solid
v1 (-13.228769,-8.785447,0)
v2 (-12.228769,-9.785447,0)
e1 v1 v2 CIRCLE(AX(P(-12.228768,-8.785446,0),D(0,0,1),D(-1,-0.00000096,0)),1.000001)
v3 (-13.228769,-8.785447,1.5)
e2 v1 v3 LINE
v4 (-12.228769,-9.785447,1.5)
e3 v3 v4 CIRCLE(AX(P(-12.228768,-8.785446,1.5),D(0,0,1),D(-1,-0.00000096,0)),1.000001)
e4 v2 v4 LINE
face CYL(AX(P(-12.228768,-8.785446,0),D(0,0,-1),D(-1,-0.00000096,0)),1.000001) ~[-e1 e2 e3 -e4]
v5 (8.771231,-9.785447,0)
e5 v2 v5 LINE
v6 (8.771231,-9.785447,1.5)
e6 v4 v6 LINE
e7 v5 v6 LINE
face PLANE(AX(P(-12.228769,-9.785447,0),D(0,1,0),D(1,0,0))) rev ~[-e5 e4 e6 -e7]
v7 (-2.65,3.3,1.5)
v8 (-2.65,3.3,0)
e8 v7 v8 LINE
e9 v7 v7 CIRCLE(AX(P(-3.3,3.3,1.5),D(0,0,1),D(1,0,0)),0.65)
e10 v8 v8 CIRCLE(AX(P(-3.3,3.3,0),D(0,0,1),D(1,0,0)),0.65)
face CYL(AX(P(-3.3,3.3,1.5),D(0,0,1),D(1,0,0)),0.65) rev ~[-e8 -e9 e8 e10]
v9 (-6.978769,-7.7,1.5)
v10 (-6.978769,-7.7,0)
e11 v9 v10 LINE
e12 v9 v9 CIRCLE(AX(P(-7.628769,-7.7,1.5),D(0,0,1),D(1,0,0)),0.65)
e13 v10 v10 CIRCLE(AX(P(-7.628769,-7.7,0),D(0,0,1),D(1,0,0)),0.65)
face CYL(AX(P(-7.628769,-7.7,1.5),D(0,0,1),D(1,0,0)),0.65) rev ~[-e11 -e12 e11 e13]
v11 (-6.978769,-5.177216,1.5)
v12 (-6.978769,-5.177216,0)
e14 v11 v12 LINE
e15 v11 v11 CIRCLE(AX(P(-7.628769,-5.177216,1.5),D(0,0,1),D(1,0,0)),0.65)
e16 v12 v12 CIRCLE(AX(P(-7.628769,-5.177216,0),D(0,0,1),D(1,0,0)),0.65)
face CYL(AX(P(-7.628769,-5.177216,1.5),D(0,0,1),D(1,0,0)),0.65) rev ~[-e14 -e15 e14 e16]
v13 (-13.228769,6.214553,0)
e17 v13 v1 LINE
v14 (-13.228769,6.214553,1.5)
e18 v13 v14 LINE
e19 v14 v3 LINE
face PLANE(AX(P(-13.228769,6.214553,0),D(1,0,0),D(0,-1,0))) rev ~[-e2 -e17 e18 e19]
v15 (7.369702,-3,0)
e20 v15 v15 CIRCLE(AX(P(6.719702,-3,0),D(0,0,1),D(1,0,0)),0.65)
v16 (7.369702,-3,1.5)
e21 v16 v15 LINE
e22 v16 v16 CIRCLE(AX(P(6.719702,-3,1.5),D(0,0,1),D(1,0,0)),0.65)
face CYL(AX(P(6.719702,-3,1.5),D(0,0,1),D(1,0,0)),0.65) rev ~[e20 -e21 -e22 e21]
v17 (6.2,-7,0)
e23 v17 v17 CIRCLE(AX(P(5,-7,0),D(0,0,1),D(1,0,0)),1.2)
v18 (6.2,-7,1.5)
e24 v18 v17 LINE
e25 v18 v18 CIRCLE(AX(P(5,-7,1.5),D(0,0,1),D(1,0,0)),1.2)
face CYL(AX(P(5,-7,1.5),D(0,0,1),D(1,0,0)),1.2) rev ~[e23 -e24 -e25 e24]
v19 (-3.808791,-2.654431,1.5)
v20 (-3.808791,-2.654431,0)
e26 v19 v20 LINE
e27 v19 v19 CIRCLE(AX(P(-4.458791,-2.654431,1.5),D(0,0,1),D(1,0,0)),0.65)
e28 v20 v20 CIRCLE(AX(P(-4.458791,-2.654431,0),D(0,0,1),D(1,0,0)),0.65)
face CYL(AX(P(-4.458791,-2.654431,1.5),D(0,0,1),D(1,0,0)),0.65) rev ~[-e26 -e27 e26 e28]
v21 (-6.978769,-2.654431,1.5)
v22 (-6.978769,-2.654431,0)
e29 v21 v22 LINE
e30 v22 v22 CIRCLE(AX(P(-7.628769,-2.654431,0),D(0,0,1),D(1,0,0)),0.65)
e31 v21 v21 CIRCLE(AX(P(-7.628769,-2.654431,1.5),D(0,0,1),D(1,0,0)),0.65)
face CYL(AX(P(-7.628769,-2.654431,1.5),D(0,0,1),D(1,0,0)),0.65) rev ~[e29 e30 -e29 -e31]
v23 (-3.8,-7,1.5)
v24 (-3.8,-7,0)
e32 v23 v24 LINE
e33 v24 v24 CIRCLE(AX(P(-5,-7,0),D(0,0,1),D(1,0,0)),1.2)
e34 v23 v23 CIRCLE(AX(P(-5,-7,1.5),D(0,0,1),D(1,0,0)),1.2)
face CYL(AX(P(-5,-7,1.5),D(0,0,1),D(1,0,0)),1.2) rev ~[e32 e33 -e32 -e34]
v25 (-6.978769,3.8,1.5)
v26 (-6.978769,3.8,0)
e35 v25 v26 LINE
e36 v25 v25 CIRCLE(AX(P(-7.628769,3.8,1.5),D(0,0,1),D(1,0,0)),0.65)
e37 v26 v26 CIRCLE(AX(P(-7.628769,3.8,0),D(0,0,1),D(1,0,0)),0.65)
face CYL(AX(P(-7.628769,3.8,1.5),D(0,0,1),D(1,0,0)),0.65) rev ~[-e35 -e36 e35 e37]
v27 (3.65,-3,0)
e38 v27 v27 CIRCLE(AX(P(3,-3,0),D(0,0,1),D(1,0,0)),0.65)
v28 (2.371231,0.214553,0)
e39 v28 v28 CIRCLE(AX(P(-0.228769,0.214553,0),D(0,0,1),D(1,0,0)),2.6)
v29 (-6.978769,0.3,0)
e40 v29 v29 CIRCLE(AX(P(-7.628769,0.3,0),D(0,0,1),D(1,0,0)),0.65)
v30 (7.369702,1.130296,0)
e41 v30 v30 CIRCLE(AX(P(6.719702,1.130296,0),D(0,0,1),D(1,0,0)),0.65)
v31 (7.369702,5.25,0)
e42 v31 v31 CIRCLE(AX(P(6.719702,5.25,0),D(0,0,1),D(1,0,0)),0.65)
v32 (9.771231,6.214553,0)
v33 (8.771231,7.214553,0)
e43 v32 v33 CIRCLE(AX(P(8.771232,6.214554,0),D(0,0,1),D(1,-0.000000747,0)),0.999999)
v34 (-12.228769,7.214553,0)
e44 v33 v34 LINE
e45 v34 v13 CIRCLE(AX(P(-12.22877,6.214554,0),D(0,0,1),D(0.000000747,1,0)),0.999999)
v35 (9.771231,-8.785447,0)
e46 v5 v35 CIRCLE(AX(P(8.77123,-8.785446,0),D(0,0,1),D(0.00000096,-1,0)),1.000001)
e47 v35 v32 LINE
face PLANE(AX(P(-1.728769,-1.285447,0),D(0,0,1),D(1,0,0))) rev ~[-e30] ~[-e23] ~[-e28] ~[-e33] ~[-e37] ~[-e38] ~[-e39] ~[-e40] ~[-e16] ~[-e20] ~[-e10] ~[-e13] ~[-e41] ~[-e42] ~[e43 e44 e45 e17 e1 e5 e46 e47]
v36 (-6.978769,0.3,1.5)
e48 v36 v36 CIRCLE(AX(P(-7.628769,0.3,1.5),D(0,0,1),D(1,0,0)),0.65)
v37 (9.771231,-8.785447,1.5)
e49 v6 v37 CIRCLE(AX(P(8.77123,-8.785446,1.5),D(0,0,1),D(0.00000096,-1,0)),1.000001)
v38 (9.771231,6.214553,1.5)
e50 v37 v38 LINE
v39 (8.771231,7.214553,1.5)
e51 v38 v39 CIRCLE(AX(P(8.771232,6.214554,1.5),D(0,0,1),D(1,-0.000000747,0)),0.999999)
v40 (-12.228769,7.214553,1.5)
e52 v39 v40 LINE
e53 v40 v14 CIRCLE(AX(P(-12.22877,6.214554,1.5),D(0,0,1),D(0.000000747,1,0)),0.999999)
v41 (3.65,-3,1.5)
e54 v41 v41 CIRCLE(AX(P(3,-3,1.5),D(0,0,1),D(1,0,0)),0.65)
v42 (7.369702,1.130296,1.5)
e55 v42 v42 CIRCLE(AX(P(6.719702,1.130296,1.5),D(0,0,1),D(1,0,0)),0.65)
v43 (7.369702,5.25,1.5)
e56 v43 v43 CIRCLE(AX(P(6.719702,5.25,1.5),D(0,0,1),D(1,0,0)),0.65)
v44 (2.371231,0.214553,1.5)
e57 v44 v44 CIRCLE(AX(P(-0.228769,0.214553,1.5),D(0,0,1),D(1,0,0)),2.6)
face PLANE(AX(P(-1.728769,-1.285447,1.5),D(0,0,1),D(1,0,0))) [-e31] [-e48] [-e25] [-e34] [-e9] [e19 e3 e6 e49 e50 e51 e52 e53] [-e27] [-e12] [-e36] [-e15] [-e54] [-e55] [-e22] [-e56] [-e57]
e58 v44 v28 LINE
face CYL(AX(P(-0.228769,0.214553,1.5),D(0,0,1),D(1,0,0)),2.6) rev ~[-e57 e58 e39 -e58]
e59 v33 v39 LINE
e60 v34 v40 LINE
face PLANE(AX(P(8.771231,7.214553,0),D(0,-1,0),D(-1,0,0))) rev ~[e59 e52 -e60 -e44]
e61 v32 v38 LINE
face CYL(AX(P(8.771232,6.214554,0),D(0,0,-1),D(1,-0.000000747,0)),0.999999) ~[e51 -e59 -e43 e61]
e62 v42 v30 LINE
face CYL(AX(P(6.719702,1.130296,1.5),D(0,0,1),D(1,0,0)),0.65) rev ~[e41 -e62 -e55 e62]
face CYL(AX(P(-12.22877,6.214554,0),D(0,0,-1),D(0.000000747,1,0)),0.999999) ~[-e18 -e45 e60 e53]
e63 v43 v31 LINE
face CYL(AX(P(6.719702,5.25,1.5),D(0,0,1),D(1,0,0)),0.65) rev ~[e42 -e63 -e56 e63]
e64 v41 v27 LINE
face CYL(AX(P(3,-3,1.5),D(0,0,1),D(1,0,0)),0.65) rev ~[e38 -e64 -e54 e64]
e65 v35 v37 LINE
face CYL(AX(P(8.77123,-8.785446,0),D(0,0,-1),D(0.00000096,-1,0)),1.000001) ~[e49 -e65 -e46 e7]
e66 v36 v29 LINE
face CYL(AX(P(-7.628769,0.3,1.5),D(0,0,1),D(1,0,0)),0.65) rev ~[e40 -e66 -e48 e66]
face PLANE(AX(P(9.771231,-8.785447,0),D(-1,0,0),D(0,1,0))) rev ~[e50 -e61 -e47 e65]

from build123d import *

# Parameters (mm, degrees)
F1_DEPTH  = 1.5
F3_R      = 1.2
F4_DEPTH  = 4
F5_R      = 0.65
F6_DEPTH  = 25
F7_R      = 0.65
F8_DEPTH  = 25
F9_R      = 0.65
F10_DEPTH = 25
F12_DEPTH = 25
F2_R      = 2.6
F13_DEPTH = 25
F11_R     = 0.65
F14_DEPTH = 25


with BuildPart() as f1:
    # F0 (on Top) → F1 (new body)
    with BuildSketch(Plane.XY):
        with BuildLine():
            Line((8.771231, 7.214553), (-12.228769, 7.214553))
            ThreePointArc((-12.228769, 7.214553), (-12.935876, 6.92166), (-13.228769, 6.214553))
            Line((-13.228769, 6.214553), (-13.228769, -8.785447))
            ThreePointArc((-13.228769, -8.785447), (-12.935876, -9.492553), (-12.228769, -9.785447))
            Line((-12.228769, -9.785447), (8.771231, -9.785447))
            ThreePointArc((8.771231, -9.785447), (9.478338, -9.492553), (9.771231, -8.785447))
            Line((9.771231, -8.785447), (9.771231, 6.214553))
            ThreePointArc((9.771231, 6.214553), (9.478338, 6.92166), (8.771231, 7.214553))
        make_face()
    extrude(amount=F1_DEPTH)

    # F3 (on face) → F4 (cut)
    with BuildSketch(Plane.XY.offset(1.5)):
        with Locations((-5, -7)):
            Circle(F3_R)
        with Locations((5, -7)):
            Circle(F3_R)
    extrude(amount=-F4_DEPTH, mode=Mode.SUBTRACT)

    # F5 (on face) → F6 (cut)
    with BuildSketch(Plane.XY.offset(1.5)):
        with Locations((-7.628769, -7.7)):
            Circle(F5_R)
        with Locations((-7.628769, -5.177216)):
            Circle(F5_R)
        with Locations((-7.628769, -2.654431)):
            Circle(F5_R)
        with Locations((-4.458791, -2.654431)):
            Circle(F5_R)
    extrude(amount=-F6_DEPTH, mode=Mode.SUBTRACT)

    # F7 (on face) → F8 (cut)
    with BuildSketch(Plane.XY.offset(1.5)):
        with Locations((6.719702, 5.25)):
            Circle(F7_R)
        with Locations((6.719702, 1.130296)):
            Circle(F7_R)
        with Locations((6.719702, -3)):
            Circle(F7_R)
    extrude(amount=-F8_DEPTH, mode=Mode.SUBTRACT)

    # F9 (on face) → F10 (cut)
    with BuildSketch(Plane.XY.offset(1.5)):
        with Locations((-7.628769, 3.8)):
            Circle(F9_R)
        with Locations((-7.628769, 0.3)):
            Circle(F9_R)
    extrude(amount=-F10_DEPTH, mode=Mode.SUBTRACT)

    # F3 (on face) → F12 (cut)
    with BuildSketch(Plane.XY.offset(1.5)):
        with Locations((-5, -7)):
            Circle(F3_R)
        with Locations((5, -7)):
            Circle(F3_R)
    extrude(amount=-F12_DEPTH, mode=Mode.SUBTRACT)

    # F2 (on face) → F13 (cut)
    with BuildSketch(Plane.XY.offset(1.5)):
        with Locations((-0.228769, 0.214553)):
            Circle(F2_R)
    extrude(amount=-F13_DEPTH, mode=Mode.SUBTRACT)

    # F11 (on face) → F14 (cut)
    with BuildSketch(Plane.XY.offset(1.5)):
        with Locations((3, -3)):
            Circle(F11_R)
        with Locations((-3.3, 3.3)):
            Circle(F11_R)
    extrude(amount=-F14_DEPTH, mode=Mode.SUBTRACT)


solid = f1.part
